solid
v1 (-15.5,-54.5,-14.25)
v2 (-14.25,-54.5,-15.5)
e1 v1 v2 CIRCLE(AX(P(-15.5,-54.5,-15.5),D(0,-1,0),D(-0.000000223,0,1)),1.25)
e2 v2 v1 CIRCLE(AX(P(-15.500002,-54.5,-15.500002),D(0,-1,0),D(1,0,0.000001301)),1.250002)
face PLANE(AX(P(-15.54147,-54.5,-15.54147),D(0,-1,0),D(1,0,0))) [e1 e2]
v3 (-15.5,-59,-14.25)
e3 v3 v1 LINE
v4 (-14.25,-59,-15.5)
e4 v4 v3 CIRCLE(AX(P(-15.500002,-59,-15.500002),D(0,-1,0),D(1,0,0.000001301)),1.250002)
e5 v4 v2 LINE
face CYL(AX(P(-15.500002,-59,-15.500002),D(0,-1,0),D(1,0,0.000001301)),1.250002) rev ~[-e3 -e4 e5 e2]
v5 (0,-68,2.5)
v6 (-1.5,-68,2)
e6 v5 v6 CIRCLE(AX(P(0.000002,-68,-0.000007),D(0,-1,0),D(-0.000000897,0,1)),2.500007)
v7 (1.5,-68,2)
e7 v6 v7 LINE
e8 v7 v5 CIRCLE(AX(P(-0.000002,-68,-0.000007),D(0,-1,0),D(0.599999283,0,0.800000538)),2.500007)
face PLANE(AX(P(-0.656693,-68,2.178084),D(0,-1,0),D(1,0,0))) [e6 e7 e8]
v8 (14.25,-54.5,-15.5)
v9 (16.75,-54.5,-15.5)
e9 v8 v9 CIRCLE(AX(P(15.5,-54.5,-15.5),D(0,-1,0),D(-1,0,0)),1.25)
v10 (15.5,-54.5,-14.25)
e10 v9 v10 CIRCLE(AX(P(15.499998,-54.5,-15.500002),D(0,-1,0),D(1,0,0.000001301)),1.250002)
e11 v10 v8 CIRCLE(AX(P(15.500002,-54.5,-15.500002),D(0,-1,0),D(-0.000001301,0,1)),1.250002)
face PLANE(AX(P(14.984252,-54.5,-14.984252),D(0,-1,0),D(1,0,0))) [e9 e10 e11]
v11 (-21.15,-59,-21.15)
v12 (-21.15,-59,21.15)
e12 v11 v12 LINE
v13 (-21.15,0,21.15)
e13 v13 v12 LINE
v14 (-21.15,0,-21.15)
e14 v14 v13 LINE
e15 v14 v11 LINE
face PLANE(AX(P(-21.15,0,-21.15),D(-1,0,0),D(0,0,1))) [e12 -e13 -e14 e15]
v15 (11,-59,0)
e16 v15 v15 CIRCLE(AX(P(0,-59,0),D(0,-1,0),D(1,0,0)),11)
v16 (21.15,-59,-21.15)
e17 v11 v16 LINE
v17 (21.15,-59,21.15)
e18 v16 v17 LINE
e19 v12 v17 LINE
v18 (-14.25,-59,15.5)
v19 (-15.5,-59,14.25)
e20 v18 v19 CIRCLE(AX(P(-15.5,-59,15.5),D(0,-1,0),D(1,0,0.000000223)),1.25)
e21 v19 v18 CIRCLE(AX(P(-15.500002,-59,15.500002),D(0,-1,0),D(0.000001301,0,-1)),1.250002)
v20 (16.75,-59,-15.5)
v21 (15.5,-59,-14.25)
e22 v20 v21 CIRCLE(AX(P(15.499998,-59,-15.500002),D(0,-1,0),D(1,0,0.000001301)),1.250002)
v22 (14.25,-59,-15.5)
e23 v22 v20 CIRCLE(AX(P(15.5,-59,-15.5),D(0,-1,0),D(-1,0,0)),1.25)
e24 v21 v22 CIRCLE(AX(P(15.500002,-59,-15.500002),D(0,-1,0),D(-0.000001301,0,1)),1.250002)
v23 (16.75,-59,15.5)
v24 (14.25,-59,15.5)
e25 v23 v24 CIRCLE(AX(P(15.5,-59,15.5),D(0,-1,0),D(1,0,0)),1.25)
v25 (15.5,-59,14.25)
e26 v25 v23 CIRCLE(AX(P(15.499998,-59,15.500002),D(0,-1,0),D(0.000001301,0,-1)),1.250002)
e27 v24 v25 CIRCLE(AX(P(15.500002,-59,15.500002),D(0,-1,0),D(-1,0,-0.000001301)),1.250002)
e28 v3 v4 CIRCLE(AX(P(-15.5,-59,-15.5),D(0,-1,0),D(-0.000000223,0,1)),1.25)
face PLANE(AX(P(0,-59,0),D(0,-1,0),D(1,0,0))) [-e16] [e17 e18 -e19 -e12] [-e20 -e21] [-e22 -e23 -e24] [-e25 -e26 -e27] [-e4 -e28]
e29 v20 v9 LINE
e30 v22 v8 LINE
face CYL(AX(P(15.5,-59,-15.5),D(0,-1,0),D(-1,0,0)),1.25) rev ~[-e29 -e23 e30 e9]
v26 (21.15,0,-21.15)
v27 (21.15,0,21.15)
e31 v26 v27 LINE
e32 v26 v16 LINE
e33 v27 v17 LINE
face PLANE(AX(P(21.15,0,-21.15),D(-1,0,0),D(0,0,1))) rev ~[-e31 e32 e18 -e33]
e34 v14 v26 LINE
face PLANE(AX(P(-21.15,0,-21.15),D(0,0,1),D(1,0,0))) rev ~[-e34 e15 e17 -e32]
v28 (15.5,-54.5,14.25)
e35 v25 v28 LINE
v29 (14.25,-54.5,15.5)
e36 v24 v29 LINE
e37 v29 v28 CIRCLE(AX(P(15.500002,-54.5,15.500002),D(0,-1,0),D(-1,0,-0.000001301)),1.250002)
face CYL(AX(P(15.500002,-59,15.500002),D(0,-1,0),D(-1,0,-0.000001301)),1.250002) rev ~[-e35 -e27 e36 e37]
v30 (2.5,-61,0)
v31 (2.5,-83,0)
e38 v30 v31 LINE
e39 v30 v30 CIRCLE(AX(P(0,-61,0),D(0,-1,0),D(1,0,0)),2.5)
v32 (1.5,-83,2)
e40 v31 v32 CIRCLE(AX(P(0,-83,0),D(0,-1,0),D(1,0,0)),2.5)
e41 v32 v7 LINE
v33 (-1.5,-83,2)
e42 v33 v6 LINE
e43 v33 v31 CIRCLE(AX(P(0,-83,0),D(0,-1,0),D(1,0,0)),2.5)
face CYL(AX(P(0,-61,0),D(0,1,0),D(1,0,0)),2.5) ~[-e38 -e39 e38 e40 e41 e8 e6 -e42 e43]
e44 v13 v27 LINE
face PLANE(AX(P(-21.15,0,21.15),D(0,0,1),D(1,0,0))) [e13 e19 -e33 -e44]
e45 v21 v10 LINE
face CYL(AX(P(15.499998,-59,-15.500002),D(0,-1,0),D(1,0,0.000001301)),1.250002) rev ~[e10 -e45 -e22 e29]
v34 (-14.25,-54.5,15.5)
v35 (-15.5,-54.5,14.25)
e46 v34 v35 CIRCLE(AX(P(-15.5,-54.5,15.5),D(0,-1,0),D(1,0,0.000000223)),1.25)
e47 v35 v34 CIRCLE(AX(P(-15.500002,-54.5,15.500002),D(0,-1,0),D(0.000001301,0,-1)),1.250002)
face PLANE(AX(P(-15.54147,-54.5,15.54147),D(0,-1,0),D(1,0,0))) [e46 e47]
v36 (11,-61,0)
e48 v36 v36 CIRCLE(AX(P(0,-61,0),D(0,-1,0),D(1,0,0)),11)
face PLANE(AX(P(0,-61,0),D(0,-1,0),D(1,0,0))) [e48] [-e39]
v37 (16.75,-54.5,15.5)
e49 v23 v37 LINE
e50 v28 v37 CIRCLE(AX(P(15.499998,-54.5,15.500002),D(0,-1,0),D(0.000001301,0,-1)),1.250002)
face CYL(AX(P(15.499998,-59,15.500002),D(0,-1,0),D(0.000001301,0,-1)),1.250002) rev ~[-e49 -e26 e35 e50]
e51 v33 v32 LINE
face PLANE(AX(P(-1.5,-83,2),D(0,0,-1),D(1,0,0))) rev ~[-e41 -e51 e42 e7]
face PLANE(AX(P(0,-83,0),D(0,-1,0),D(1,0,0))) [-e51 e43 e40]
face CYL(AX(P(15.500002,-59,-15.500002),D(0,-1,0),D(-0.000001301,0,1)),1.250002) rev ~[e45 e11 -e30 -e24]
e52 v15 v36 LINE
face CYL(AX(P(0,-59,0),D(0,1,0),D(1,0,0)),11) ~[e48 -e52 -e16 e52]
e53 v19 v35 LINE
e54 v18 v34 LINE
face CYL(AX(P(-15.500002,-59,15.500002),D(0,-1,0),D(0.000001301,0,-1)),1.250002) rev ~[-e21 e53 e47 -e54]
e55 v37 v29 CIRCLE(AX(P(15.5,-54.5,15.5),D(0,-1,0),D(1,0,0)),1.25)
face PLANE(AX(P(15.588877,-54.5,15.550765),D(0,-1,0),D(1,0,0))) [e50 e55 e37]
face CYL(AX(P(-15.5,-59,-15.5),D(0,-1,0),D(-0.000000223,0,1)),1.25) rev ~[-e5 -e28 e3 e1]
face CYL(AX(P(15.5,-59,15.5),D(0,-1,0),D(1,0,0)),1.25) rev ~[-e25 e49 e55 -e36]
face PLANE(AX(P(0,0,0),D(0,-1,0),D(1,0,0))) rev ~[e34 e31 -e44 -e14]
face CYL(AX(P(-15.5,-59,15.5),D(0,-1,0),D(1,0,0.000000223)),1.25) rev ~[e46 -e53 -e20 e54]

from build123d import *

# Parameters (mm, degrees)
F0_W     = 42.3
F0_H     = 42.3
F1_DEPTH = 59
F2_R     = 11
F3_DEPTH = 2
F4_R     = 2.5
F5_DEPTH = 22
F7_DEPTH = 15
F9_DEPTH = 4.5


with BuildPart() as f1:
    # F0 (on Front) → F1 (new body)
    with BuildSketch(Plane.XZ):
        Rectangle(F0_W, F0_H)
    extrude(amount=F1_DEPTH)

    # F2 (on face) → F3 (join)
    with BuildSketch(Plane.XZ.offset(59)):
        Circle(F2_R)
    extrude(amount=F3_DEPTH)

    # F4 (on face) → F5 (join)
    with BuildSketch(Plane.XZ.offset(61)):
        Circle(F4_R)
    extrude(amount=F5_DEPTH)

    # F6 (on face) → F7 (cut)
    with BuildSketch(Plane.XZ.offset(83)):
        with BuildLine():
            ThreePointArc((0, 2.5), (-0.790569, 2.371708), (-1.5, 2))
            Line((-1.5, 2), (0, 2))
            Line((0, 2), (0, 2.5))
        make_face()
        with BuildLine():
            Line((0, 2.5), (0, 2))
            Line((0, 2), (1.5, 2))
            ThreePointArc((1.5, 2), (0.790569, 2.371708), (0, 2.5))
        make_face()
    extrude(amount=-F7_DEPTH, mode=Mode.SUBTRACT)

    # F8 (on face) → F9 (cut)
    with BuildSketch(Plane.XZ.offset(59)):
        with BuildLine():
            ThreePointArc((16.75, 15.5), (15.5, 16.75), (14.25, 15.5))
            Line((14.25, 15.5), (15.5, 15.5))
            Line((15.5, 15.5), (15.5, 14.25))
            ThreePointArc((15.5, 14.25), (16.383883, 14.616117), (16.75, 15.5))
        make_face()
        with BuildLine():
            Line((15.5, 15.5), (14.25, 15.5))
            ThreePointArc((14.25, 15.5), (14.616117, 14.616117), (15.5, 14.25))
            Line((15.5, 14.25), (15.5, 15.5))
        make_face()
        with BuildLine():
            Line((-15.5, 14.25), (-15.5, 15.5))
            Line((-15.5, 15.5), (-14.25, 15.5))
            ThreePointArc((-14.25, 15.5), (-16.383883, 16.383883), (-15.5, 14.25))
        make_face()
        with BuildLine():
            Line((-14.25, 15.5), (-15.5, 15.5))
            Line((-15.5, 15.5), (-15.5, 14.25))
            ThreePointArc((-15.5, 14.25), (-14.616117, 14.616117), (-14.25, 15.5))
        make_face()
        with BuildLine():
            Line((-15.5, -15.5), (-15.5, -14.25))
            ThreePointArc((-15.5, -14.25), (-16.383883, -16.383883), (-14.25, -15.5))
            Line((-14.25, -15.5), (-15.5, -15.5))
        make_face()
        with BuildLine():
            ThreePointArc((-14.25, -15.5), (-14.616117, -14.616117), (-15.5, -14.25))
            Line((-15.5, -14.25), (-15.5, -15.5))
            Line((-15.5, -15.5), (-14.25, -15.5))
        make_face()
        with BuildLine():
            Line((15.5, -15.5), (15.5, -14.25))
            ThreePointArc((15.5, -14.25), (14.616117, -14.616117), (14.25, -15.5))
            Line((14.25, -15.5), (15.5, -15.5))
        make_face()
        with BuildLine():
            ThreePointArc((16.75, -15.5), (16.383883, -14.616117), (15.5, -14.25))
            Line((15.5, -14.25), (15.5, -15.5))
            Line((15.5, -15.5), (14.25, -15.5))
            ThreePointArc((14.25, -15.5), (15.5, -16.75), (16.75, -15.5))
        make_face()
    extrude(amount=-F9_DEPTH, mode=Mode.SUBTRACT)


solid = f1.part
